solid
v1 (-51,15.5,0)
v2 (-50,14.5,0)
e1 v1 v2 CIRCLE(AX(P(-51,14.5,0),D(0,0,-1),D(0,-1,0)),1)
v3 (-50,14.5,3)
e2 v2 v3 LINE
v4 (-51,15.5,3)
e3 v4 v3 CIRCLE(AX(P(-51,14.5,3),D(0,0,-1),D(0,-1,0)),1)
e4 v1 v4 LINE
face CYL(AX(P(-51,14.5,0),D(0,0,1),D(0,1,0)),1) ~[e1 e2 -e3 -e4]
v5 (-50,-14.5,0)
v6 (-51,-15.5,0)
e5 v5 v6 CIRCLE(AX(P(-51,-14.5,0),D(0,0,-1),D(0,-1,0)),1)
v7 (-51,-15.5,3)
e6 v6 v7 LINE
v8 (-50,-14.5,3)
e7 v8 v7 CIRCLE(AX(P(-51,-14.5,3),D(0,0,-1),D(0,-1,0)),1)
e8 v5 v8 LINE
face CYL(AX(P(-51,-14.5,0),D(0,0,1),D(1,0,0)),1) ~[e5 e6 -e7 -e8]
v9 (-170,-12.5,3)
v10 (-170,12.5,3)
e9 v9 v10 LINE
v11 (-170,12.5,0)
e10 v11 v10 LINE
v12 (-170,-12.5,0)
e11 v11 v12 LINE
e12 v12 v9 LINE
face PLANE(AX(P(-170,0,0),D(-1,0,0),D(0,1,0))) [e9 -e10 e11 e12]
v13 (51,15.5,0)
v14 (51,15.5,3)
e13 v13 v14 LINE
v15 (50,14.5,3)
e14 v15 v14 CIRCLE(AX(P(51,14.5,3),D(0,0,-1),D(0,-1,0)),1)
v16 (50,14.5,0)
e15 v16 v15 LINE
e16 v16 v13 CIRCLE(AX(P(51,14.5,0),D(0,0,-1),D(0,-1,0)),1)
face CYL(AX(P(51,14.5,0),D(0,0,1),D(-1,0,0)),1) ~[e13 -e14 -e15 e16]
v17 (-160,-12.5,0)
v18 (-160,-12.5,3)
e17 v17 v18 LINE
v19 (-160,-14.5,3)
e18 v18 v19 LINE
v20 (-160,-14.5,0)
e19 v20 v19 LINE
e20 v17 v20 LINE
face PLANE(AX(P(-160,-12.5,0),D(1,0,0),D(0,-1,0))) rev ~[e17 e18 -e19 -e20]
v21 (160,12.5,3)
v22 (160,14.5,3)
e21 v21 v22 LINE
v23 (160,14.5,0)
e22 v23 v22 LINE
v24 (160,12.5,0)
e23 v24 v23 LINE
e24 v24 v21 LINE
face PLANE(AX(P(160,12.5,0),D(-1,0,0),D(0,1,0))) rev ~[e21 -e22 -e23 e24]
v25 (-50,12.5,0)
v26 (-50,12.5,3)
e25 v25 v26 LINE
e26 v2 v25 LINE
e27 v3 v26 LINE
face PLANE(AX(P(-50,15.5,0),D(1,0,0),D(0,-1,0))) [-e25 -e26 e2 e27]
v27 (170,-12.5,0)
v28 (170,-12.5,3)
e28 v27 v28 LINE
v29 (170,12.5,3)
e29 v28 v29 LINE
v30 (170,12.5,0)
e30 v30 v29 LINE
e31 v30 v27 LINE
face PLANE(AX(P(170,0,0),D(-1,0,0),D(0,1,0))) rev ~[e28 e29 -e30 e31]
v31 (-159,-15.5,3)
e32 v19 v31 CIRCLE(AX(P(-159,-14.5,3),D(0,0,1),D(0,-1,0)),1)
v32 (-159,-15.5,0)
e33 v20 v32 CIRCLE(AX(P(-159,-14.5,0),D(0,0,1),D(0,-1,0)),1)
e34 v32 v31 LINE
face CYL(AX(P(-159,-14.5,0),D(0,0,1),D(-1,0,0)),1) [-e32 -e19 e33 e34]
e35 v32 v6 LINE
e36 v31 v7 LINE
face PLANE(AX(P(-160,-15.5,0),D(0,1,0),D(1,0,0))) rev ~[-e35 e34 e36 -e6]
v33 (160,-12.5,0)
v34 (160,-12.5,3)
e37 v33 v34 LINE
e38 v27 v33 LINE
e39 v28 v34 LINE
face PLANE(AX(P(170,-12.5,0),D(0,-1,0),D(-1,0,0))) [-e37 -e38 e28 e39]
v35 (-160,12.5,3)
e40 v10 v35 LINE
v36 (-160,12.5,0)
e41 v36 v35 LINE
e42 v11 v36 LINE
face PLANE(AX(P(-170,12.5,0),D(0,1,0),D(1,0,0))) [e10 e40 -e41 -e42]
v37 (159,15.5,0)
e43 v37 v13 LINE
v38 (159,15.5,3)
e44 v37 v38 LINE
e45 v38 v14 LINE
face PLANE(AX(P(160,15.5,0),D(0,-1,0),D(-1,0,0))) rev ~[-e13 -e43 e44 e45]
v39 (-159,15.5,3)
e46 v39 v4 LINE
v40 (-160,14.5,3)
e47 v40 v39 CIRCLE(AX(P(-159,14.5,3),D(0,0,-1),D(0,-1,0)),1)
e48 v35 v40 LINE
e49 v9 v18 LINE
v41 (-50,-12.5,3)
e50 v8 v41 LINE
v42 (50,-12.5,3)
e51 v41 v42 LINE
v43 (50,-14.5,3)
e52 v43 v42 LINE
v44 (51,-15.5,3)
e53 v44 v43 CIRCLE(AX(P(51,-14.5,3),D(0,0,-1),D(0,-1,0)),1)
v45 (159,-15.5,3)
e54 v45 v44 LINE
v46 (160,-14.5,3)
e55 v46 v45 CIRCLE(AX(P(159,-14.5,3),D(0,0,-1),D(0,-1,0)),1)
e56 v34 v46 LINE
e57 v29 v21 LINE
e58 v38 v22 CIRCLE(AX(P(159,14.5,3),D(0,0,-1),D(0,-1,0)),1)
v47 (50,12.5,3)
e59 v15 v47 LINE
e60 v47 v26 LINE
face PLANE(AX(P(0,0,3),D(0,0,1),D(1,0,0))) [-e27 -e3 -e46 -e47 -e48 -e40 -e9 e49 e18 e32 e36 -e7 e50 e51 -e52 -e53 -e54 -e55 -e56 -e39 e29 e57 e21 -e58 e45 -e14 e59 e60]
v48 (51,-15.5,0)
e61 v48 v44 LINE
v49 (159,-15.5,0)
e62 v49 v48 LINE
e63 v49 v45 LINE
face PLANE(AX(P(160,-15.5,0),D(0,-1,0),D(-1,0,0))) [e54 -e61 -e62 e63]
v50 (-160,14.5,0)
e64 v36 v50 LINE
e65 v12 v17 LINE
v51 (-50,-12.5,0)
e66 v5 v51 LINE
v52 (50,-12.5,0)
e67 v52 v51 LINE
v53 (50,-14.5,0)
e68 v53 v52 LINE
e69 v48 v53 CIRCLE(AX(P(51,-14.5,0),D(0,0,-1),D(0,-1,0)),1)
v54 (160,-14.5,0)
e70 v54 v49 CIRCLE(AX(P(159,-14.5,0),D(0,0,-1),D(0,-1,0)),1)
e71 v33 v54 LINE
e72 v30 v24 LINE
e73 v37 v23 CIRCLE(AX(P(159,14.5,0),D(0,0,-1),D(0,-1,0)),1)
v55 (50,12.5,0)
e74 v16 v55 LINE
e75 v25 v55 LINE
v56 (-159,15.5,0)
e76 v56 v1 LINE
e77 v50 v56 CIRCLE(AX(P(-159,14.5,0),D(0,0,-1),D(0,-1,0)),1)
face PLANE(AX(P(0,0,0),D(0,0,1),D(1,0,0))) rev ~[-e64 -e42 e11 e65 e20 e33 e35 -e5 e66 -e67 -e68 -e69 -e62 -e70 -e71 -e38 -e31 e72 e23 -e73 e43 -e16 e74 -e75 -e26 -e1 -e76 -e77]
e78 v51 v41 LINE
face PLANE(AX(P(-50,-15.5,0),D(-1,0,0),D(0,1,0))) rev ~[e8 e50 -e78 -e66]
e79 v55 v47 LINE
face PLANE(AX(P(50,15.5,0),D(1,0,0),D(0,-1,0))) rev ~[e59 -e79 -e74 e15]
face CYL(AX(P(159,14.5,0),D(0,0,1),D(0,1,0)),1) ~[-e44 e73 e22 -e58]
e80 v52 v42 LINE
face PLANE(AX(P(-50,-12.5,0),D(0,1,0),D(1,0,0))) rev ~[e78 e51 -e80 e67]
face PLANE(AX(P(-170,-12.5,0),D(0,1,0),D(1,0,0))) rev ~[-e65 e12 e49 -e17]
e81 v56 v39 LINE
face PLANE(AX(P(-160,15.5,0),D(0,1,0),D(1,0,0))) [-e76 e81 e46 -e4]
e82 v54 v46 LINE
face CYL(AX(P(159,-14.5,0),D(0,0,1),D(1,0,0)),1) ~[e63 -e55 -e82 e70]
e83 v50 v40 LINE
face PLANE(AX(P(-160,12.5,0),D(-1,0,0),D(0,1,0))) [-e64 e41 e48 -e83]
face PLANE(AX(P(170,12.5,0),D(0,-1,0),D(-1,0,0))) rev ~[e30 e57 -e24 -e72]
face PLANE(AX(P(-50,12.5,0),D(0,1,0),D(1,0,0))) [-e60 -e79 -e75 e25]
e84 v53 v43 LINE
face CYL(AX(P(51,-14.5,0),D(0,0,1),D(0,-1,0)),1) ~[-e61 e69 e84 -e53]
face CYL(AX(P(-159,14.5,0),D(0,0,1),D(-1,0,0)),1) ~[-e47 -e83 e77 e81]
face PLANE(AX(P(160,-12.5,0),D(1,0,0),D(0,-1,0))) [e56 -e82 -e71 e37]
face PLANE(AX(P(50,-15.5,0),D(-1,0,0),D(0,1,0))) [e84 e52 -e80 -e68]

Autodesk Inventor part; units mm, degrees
ref_plane "YZ Plane" through (0, 0, 0) normal (1, 0, 0) x (0, 1, 0)
ref_plane "XZ Plane" through (0, 0, 0) normal (0, 1, 0) x (-1, 0, 0)
ref_plane "XY Plane" through (0, 0, 0) normal (0, 0, 1) x (1, 0, 0)
sketch "Sketch1" plane through (0, 0, 0) normal (0, 0, 1) x (1, 0, 0)
  line L0 (-170, 0) -> (-170, 12.5)
  line L1 (-170, 12.5) -> (-160, 12.5)
  line L2 (-160, 12.5) -> (-160, 15.5)
  line L3 (-160, 15.5) -> (-50, 15.5)
  line L4 (-50, 15.5) -> (-50, 12.5)
  line L5 (-50, 12.5) -> (0, 12.5)
  line L6 (-238, 0) -> (238, 0) projected
  line L7 (-170, 0) -> (-170, -12.5)
  line L8 (-170, -12.5) -> (-160, -12.5)
  line L9 (-160, -12.5) -> (-160, -15.5)
  line L10 (-160, -15.5) -> (-50, -15.5)
  line L11 (-50, -15.5) -> (-50, -12.5)
  line L12 (-50, -12.5) -> (0, -12.5)
  line L13 (0, -21.7) -> (0, 21.7) projected
  line L14 (170, 0) -> (170, 12.5)
  line L15 (170, 12.5) -> (160, 12.5)
  line L16 (160, 12.5) -> (160, 15.5)
  line L17 (160, 15.5) -> (50, 15.5)
  line L18 (50, 15.5) -> (50, 12.5)
  line L19 (50, 12.5) -> (0, 12.5)
  line L20 (170, 0) -> (170, -12.5)
  line L21 (170, -12.5) -> (160, -12.5)
  line L22 (160, -12.5) -> (160, -15.5)
  line L23 (160, -15.5) -> (50, -15.5)
  line L24 (50, -15.5) -> (50, -12.5)
  line L25 (50, -12.5) -> (0, -12.5)
  point P0 (0, 0)
  point P1 (50, 14)
  point P2 (-50, 14)
  point P3 (-165, -12.5)
  point P4 (-165, 12.5)
  dimension "d0" = 3
  dimension "d2" = 100
  dimension "d3" = 10
  dimension "d4" = 110
  dimension "d5" = 25
extrude "Extrusion1" add sketch "Sketch1" along normal blind 3
fillet "Fillet1" radius 1 8 edges at (-160, 15.5, 1.5) (-50, 15.5, 1.5) (50, 15.5, 1.5) (160, 15.5, 1.5) (160, -15.5, 1.5) (50, -15.5, 1.5) (-50, -15.5, 1.5) (-160, -15.5, 1.5)
properties part number "ConectorPared"
